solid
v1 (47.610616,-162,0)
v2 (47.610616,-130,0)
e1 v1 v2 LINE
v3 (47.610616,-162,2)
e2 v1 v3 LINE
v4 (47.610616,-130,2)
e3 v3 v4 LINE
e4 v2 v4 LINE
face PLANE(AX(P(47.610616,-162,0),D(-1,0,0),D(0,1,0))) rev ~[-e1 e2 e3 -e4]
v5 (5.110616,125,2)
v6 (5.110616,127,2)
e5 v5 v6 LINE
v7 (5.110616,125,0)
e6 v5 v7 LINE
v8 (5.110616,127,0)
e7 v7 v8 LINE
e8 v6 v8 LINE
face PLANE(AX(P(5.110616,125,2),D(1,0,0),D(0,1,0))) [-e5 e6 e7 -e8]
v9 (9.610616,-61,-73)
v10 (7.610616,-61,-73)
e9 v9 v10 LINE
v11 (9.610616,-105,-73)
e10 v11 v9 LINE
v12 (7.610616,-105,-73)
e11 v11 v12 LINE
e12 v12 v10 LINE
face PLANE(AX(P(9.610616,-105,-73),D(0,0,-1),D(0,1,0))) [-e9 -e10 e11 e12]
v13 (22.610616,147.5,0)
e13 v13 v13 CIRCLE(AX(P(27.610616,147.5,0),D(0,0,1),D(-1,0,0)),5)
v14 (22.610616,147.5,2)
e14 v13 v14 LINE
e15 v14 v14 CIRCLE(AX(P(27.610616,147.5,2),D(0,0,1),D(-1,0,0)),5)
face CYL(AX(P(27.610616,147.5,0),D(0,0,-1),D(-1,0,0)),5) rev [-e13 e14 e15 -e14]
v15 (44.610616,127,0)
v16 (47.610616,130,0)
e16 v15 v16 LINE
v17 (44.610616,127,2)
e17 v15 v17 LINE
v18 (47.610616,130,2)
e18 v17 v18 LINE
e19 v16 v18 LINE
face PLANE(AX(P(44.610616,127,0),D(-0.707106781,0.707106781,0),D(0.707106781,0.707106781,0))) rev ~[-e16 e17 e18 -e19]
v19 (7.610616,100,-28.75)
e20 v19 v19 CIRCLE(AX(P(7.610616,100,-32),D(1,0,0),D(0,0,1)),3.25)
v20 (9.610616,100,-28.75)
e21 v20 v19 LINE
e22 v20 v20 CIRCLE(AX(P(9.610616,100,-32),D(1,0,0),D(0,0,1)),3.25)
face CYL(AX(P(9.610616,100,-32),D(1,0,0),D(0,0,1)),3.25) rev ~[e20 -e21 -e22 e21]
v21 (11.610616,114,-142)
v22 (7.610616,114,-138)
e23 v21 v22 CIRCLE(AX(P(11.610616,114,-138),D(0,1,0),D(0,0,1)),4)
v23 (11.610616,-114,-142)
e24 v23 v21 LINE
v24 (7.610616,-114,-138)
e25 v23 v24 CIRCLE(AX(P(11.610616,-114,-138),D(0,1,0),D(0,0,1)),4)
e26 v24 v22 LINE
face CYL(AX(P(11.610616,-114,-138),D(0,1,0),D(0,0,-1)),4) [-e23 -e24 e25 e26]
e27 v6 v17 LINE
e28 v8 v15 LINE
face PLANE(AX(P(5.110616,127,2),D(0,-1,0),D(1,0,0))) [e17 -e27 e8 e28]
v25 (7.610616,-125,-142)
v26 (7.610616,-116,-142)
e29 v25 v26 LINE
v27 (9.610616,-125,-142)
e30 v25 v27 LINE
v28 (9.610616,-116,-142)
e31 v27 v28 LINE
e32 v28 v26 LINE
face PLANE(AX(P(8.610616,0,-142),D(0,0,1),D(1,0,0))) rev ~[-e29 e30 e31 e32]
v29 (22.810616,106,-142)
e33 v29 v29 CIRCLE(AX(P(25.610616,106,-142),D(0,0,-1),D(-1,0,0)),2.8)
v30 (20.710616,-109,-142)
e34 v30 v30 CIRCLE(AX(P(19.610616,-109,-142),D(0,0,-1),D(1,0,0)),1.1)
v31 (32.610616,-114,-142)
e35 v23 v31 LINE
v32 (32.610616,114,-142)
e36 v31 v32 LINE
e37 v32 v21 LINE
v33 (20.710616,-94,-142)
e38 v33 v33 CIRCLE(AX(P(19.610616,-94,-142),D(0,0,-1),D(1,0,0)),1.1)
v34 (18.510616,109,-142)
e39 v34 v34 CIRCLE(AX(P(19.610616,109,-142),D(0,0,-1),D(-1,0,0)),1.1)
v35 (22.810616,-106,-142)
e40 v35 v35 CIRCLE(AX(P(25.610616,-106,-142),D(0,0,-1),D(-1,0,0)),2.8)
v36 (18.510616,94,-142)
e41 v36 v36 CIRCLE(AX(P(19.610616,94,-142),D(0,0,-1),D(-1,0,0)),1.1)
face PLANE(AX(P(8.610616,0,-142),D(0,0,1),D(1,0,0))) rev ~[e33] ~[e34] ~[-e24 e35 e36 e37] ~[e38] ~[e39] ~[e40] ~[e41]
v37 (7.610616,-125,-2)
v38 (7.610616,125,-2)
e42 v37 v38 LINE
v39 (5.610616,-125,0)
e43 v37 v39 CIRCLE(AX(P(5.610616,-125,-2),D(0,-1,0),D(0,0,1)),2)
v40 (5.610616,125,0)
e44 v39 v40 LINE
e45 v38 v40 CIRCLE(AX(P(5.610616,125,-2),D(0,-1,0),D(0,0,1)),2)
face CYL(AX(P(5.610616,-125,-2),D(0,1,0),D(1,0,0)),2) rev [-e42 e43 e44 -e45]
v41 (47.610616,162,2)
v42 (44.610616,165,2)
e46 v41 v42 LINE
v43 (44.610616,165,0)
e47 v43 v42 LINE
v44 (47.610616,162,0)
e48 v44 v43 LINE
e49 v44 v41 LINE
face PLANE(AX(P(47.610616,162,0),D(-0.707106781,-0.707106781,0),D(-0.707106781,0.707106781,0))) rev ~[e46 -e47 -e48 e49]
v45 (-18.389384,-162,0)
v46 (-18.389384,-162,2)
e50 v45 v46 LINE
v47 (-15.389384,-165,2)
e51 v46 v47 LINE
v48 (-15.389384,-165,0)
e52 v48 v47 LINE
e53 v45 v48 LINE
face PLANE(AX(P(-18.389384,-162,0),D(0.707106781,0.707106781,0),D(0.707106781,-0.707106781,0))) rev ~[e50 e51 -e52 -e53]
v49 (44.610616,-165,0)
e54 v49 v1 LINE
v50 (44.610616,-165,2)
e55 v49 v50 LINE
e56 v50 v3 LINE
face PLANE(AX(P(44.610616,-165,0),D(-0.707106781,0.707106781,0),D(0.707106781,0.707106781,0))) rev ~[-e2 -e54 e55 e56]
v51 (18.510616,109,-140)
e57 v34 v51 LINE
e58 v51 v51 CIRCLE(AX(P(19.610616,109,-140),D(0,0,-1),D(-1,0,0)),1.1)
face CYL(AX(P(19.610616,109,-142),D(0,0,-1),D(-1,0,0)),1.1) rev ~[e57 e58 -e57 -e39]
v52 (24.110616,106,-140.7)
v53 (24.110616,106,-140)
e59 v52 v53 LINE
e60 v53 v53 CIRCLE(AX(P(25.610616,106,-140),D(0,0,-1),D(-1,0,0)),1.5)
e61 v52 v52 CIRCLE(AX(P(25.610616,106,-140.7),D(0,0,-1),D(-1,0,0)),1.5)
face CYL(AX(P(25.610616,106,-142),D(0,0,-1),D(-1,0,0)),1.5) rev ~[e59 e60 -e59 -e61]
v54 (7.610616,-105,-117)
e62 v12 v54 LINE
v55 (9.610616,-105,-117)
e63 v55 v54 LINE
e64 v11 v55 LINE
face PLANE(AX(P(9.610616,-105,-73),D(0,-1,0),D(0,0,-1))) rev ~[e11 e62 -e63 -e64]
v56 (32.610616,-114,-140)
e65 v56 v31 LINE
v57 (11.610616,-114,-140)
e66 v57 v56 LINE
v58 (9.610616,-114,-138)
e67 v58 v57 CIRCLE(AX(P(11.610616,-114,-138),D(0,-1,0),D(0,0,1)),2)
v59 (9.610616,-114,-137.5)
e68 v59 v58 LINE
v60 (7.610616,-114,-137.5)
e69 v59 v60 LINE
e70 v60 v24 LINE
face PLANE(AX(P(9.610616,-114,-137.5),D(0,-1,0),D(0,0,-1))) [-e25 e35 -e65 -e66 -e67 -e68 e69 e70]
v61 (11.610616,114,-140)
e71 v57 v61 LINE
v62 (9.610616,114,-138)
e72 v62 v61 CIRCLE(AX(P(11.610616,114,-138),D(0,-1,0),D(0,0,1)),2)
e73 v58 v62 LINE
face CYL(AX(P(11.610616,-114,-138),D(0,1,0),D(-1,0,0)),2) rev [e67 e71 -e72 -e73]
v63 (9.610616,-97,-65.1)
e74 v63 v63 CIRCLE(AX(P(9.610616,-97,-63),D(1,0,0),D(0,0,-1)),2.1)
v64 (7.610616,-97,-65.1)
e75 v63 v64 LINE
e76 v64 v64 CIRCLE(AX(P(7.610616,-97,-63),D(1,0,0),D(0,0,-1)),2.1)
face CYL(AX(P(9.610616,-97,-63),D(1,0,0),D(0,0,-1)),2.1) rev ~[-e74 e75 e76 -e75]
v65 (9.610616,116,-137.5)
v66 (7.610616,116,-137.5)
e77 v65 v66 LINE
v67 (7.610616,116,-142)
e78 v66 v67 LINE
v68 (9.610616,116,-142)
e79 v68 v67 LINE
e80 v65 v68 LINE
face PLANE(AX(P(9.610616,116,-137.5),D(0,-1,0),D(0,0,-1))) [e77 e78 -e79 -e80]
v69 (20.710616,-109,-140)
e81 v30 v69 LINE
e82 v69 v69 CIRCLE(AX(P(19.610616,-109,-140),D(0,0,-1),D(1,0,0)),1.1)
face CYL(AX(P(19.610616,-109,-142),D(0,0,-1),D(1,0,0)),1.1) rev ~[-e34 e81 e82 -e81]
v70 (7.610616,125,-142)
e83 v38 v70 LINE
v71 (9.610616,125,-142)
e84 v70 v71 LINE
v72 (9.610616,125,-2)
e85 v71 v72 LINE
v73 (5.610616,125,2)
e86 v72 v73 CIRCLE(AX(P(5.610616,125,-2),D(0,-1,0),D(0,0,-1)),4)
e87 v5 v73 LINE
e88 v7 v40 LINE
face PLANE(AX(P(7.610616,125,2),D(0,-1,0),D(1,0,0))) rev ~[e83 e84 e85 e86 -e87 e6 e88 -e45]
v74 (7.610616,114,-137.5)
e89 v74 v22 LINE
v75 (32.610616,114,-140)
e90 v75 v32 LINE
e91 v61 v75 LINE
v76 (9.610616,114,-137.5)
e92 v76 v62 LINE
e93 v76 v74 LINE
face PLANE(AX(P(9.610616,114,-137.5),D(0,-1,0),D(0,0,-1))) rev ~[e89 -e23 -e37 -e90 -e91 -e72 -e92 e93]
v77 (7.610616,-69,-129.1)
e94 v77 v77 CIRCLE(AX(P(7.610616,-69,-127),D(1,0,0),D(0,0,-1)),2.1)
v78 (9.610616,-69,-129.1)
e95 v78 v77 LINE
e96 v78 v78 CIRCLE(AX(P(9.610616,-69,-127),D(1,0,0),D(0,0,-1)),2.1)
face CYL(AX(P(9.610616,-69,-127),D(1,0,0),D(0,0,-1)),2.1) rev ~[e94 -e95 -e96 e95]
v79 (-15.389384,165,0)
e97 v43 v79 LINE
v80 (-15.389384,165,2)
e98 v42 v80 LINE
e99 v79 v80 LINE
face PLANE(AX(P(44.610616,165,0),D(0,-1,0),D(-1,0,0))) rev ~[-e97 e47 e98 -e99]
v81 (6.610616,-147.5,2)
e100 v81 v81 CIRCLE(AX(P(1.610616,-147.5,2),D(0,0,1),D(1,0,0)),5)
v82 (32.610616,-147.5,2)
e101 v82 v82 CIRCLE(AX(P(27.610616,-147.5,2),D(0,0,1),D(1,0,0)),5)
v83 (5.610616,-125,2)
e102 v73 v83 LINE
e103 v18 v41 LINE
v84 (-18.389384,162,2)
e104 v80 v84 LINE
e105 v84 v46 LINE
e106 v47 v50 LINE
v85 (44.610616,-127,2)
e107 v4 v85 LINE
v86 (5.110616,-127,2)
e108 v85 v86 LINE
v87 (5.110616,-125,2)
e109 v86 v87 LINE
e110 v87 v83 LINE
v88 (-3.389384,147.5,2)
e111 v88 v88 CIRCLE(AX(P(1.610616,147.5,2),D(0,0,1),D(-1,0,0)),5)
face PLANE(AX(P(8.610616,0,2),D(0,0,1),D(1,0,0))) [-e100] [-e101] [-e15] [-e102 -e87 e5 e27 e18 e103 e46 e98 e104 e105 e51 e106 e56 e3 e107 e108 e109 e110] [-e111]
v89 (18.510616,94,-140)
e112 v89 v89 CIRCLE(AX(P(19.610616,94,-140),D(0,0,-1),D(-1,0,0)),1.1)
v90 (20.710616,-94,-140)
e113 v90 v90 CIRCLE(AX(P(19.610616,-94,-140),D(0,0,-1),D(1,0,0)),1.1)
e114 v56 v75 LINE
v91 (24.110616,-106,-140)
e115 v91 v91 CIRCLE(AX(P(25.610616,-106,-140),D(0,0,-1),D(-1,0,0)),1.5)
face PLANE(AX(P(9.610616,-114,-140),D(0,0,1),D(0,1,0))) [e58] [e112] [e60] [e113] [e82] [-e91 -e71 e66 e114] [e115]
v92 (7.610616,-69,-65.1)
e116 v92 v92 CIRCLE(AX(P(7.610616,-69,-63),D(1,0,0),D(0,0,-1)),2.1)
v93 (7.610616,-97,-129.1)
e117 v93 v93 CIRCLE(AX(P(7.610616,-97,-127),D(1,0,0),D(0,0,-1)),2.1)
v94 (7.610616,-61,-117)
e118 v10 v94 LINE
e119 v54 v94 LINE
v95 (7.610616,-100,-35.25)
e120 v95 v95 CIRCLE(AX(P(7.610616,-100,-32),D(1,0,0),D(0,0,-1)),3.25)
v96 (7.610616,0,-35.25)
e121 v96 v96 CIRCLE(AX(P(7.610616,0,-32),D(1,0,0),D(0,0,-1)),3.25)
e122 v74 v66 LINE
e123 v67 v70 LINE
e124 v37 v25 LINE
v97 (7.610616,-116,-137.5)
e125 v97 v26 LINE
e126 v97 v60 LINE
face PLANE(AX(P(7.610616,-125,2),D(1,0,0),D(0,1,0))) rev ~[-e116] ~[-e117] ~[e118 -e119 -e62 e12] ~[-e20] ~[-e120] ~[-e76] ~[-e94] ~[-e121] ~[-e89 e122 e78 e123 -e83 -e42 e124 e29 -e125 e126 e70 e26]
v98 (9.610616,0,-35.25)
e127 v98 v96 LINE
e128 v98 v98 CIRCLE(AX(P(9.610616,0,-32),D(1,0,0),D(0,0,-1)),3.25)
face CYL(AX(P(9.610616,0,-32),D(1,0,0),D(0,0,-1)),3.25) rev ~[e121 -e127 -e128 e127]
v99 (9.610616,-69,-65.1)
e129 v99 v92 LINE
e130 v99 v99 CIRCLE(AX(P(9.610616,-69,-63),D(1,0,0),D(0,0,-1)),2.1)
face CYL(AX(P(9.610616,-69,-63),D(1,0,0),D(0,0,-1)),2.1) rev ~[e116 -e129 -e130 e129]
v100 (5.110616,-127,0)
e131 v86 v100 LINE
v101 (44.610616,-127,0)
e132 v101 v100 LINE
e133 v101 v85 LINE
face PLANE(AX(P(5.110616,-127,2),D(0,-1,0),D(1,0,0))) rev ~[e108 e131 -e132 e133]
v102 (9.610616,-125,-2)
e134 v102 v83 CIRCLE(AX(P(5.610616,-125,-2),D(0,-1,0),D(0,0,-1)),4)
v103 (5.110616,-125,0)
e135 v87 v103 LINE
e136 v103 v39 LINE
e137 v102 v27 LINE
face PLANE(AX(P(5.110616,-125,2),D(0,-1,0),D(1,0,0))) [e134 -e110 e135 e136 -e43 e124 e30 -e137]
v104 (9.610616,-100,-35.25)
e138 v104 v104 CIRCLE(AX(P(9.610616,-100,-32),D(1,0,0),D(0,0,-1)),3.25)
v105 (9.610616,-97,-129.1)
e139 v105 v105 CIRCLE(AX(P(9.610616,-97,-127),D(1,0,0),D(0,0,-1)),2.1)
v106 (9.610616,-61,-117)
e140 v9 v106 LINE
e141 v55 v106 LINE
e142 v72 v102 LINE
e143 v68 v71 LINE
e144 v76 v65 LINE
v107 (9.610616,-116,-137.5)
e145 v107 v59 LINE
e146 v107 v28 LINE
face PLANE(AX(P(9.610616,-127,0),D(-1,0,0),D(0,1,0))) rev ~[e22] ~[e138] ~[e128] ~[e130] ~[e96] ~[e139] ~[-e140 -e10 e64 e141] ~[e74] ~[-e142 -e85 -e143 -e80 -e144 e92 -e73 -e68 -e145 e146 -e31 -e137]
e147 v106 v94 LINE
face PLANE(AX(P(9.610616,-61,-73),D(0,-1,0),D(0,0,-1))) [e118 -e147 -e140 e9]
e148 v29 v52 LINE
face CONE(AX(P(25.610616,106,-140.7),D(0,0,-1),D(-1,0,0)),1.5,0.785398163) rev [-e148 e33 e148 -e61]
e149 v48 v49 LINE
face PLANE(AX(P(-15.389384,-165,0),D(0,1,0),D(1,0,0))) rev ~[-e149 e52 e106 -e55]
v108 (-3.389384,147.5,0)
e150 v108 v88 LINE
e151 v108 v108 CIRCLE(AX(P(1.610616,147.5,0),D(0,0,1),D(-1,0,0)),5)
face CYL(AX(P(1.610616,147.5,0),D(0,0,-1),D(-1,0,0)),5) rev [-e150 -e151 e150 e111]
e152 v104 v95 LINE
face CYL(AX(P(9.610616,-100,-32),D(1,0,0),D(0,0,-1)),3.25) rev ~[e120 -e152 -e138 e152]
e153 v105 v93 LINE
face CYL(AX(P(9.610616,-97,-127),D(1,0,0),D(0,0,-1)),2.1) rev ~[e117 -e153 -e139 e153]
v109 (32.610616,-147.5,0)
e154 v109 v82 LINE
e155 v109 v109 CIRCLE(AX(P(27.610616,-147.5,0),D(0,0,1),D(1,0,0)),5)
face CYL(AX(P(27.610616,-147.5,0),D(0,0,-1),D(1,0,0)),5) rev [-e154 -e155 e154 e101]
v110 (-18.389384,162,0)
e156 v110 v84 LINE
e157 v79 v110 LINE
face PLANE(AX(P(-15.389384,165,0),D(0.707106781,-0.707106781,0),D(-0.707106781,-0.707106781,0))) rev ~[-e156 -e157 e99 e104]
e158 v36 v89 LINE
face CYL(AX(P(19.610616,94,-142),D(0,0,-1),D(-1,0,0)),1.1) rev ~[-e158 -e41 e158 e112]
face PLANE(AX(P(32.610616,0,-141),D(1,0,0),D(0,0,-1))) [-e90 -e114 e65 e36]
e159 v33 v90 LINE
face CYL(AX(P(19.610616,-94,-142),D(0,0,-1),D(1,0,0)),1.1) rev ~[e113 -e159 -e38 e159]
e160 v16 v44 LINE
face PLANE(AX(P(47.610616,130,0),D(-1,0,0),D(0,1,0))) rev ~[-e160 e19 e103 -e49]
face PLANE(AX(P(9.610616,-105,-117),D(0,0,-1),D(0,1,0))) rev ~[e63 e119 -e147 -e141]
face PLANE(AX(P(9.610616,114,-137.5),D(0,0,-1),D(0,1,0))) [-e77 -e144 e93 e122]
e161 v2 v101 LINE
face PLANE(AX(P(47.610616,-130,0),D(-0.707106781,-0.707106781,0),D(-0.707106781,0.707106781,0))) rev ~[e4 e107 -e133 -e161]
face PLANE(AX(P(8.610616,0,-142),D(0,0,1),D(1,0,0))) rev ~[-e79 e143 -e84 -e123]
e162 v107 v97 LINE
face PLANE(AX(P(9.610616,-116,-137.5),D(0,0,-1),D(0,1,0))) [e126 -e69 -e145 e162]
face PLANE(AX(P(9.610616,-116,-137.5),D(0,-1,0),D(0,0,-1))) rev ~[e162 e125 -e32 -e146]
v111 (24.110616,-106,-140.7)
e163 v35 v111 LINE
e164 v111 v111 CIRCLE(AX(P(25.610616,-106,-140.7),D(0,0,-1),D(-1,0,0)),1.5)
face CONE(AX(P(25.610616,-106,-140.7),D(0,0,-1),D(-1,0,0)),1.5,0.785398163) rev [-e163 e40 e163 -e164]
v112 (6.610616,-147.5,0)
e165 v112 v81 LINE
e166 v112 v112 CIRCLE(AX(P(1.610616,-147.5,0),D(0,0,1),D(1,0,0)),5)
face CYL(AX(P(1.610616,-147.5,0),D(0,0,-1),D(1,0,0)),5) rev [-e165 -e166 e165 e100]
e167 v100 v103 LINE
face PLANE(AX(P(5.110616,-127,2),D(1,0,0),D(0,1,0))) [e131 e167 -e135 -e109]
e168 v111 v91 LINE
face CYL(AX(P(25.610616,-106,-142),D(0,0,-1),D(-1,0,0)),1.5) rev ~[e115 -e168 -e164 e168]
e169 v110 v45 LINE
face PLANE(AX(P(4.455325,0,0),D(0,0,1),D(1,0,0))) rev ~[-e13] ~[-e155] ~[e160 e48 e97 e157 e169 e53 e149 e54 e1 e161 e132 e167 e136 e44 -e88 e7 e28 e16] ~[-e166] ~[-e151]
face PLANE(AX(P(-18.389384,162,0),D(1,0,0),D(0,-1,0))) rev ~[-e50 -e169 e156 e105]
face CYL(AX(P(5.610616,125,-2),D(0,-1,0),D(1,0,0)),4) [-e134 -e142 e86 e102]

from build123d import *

# Parameters (mm, degrees)
SKETCH_1_R          = 5
EXTRUDE_1_DEPTH     = 2
SKETCH_2_W          = 2
SKETCH_2_H          = 250
EXTRUDE_2_DEPTH     = 144
SKETCH_3_W          = 2
SKETCH_3_H          = 228
EXTRUDE_3_DEPTH     = 23
SKETCH_4_W          = 4.5
SKETCH_4_H          = 2
CUT_EXTRUDE_1_DEPTH = 2
SKETCH_5_W          = 4.5
SKETCH_5_H          = 2
CUT_EXTRUDE_2_DEPTH = 2
FILLET_3_R          = 2
FILLET_4_R          = 4
SKETCH_6_R          = 1.1
SKETCH_6_R_2        = 1.5
CUT_EXTRUDE_3_DEPTH = 2
CHAMFER_1_SIZE      = 1.3
SKETCH_8_R          = 3.25
SKETCH_8_R_2        = 2.1
SKETCH_8_W          = 44
SKETCH_8_H          = 44
CUT_EXTRUDE_4_DEPTH = 2


with BuildPart() as part:
    # Эскиз1 → Вытянуть1 (new body)
    with BuildSketch(Plane.XY):
        Polygon((-15.389384289, -165), (44.610615711, -165), (47.610615711, -162), (47.610615711, -130), (44.610615711, -127), (9.610615711, -127), (9.610615711, 127), (44.610615711, 127), (47.610615711, 130), (47.610615711, 162), (44.610615711, 165), (-15.389384289, 165), (-18.389384289, 162), (-18.389384289, -162), align=None)
        with Locations((1.610615711, -147.5)):
            Circle(SKETCH_1_R, mode=Mode.SUBTRACT)
        with Locations((27.610615711, -147.5)):
            Circle(SKETCH_1_R, mode=Mode.SUBTRACT)
        with Locations(Location((27.610615711, 147.5, 0), (0, 0, 180))):
            Circle(SKETCH_1_R, mode=Mode.SUBTRACT)
        with Locations(Location((1.610615711, 147.5, 0), (0, 0, 180))):
            Circle(SKETCH_1_R, mode=Mode.SUBTRACT)
    extrude(amount=EXTRUDE_1_DEPTH)

    # Эскиз2 → Вытянуть2 (add)
    with BuildSketch(Plane.XY.offset(2)):
        with Locations((8.610615711, 0)):
            Rectangle(SKETCH_2_W, SKETCH_2_H)
    extrude(amount=-EXTRUDE_2_DEPTH)

    # Эскиз3 → Вытянуть3 (add)
    with BuildSketch(Plane(origin=(9.610615711, 0, 0), x_dir=(0, 0, -1), z_dir=(1, 0, 0))):
        with Locations((141, 0)):
            Rectangle(SKETCH_3_W, SKETCH_3_H)
    extrude(amount=EXTRUDE_3_DEPTH)

    # Эскиз4 → Вырез-Вытянуть1 (cut)
    with BuildSketch(Plane.XY.offset(2)):
        with Locations((7.360615711, 126)):
            Rectangle(SKETCH_4_W, SKETCH_4_H)
        with Locations((7.360615711, -126)):
            Rectangle(SKETCH_4_W, SKETCH_4_H)
    extrude(amount=-CUT_EXTRUDE_1_DEPTH, mode=Mode.SUBTRACT)

    # Эскиз5 → Вырез-Вытянуть2 (cut)
    with BuildSketch(Plane(origin=(9.610615711, 0, 0), x_dir=(0, 0, -1), z_dir=(1, 0, 0))):
        with Locations((139.75, -115)):
            Rectangle(SKETCH_5_W, SKETCH_5_H)
        with Locations((139.75, 115)):
            Rectangle(SKETCH_5_W, SKETCH_5_H)
    extrude(amount=-CUT_EXTRUDE_2_DEPTH, mode=Mode.SUBTRACT)

    # Скругление3
    fillet_3_edges = [part.edges().sort_by_distance(p)[0] for p in [
        (9.610615711, 0, -140),
        (7.610615711, 0, 0),
    ]]
    fillet(fillet_3_edges, radius=FILLET_3_R)

    # Скругление4
    fillet_4_edges = [part.edges().sort_by_distance(p)[0] for p in [
        (7.610615711, 0, -142),
        (9.610615711, 0, 2),
    ]]
    fillet(fillet_4_edges, radius=FILLET_4_R)

    # Эскиз6 → Вырез-Вытянуть3 (cut)
    with BuildSketch(Plane(origin=(0, 0, -142), x_dir=(-1, 0, 0), z_dir=(0, 0, -1))):
        with Locations(Location((-19.610615711, -94, 0), (0, 0, 180))):
            Circle(SKETCH_6_R)
        with Locations((-25.610615711, -106)):
            Circle(SKETCH_6_R_2)
        with Locations((-25.610615711, 106)):
            Circle(SKETCH_6_R_2)
        with Locations(Location((-19.610615711, -109, 0), (0, 0, 180))):
            Circle(SKETCH_6_R)
        with Locations((-19.610615711, 109)):
            Circle(SKETCH_6_R)
        with Locations((-19.610615711, 94)):
            Circle(SKETCH_6_R)
    extrude(amount=-CUT_EXTRUDE_3_DEPTH, mode=Mode.SUBTRACT)

    # Фаска1
    chamfer_1_edges = [part.edges().sort_by_distance(p)[0] for p in [
        (27.110615711, -106, -142),
        (27.110615711, 106, -142),
    ]]
    chamfer(chamfer_1_edges, length=CHAMFER_1_SIZE)

    # Эскиз8 → Вырез-Вытянуть4 (cut)
    with BuildSketch(Plane(origin=(9.610615711, 0, 0), x_dir=(0, 0, -1), z_dir=(1, 0, 0))):
        with Locations((32, 0)):
            Circle(SKETCH_8_R)
        with Locations((32, -100)):
            Circle(SKETCH_8_R)
        with Locations(Location((32, 100, 0), (0, 0, 180))):
            Circle(SKETCH_8_R)
        with Locations((63, -97)):
            Circle(SKETCH_8_R_2)
        with Locations((127, -97)):
            Circle(SKETCH_8_R_2)
        with Locations((127, -69)):
            Circle(SKETCH_8_R_2)
        with Locations((63, -69)):
            Circle(SKETCH_8_R_2)
        with Locations((95, -83)):
            Rectangle(SKETCH_8_W, SKETCH_8_H)
    extrude(amount=-CUT_EXTRUDE_4_DEPTH, mode=Mode.SUBTRACT)


solid = part.part
